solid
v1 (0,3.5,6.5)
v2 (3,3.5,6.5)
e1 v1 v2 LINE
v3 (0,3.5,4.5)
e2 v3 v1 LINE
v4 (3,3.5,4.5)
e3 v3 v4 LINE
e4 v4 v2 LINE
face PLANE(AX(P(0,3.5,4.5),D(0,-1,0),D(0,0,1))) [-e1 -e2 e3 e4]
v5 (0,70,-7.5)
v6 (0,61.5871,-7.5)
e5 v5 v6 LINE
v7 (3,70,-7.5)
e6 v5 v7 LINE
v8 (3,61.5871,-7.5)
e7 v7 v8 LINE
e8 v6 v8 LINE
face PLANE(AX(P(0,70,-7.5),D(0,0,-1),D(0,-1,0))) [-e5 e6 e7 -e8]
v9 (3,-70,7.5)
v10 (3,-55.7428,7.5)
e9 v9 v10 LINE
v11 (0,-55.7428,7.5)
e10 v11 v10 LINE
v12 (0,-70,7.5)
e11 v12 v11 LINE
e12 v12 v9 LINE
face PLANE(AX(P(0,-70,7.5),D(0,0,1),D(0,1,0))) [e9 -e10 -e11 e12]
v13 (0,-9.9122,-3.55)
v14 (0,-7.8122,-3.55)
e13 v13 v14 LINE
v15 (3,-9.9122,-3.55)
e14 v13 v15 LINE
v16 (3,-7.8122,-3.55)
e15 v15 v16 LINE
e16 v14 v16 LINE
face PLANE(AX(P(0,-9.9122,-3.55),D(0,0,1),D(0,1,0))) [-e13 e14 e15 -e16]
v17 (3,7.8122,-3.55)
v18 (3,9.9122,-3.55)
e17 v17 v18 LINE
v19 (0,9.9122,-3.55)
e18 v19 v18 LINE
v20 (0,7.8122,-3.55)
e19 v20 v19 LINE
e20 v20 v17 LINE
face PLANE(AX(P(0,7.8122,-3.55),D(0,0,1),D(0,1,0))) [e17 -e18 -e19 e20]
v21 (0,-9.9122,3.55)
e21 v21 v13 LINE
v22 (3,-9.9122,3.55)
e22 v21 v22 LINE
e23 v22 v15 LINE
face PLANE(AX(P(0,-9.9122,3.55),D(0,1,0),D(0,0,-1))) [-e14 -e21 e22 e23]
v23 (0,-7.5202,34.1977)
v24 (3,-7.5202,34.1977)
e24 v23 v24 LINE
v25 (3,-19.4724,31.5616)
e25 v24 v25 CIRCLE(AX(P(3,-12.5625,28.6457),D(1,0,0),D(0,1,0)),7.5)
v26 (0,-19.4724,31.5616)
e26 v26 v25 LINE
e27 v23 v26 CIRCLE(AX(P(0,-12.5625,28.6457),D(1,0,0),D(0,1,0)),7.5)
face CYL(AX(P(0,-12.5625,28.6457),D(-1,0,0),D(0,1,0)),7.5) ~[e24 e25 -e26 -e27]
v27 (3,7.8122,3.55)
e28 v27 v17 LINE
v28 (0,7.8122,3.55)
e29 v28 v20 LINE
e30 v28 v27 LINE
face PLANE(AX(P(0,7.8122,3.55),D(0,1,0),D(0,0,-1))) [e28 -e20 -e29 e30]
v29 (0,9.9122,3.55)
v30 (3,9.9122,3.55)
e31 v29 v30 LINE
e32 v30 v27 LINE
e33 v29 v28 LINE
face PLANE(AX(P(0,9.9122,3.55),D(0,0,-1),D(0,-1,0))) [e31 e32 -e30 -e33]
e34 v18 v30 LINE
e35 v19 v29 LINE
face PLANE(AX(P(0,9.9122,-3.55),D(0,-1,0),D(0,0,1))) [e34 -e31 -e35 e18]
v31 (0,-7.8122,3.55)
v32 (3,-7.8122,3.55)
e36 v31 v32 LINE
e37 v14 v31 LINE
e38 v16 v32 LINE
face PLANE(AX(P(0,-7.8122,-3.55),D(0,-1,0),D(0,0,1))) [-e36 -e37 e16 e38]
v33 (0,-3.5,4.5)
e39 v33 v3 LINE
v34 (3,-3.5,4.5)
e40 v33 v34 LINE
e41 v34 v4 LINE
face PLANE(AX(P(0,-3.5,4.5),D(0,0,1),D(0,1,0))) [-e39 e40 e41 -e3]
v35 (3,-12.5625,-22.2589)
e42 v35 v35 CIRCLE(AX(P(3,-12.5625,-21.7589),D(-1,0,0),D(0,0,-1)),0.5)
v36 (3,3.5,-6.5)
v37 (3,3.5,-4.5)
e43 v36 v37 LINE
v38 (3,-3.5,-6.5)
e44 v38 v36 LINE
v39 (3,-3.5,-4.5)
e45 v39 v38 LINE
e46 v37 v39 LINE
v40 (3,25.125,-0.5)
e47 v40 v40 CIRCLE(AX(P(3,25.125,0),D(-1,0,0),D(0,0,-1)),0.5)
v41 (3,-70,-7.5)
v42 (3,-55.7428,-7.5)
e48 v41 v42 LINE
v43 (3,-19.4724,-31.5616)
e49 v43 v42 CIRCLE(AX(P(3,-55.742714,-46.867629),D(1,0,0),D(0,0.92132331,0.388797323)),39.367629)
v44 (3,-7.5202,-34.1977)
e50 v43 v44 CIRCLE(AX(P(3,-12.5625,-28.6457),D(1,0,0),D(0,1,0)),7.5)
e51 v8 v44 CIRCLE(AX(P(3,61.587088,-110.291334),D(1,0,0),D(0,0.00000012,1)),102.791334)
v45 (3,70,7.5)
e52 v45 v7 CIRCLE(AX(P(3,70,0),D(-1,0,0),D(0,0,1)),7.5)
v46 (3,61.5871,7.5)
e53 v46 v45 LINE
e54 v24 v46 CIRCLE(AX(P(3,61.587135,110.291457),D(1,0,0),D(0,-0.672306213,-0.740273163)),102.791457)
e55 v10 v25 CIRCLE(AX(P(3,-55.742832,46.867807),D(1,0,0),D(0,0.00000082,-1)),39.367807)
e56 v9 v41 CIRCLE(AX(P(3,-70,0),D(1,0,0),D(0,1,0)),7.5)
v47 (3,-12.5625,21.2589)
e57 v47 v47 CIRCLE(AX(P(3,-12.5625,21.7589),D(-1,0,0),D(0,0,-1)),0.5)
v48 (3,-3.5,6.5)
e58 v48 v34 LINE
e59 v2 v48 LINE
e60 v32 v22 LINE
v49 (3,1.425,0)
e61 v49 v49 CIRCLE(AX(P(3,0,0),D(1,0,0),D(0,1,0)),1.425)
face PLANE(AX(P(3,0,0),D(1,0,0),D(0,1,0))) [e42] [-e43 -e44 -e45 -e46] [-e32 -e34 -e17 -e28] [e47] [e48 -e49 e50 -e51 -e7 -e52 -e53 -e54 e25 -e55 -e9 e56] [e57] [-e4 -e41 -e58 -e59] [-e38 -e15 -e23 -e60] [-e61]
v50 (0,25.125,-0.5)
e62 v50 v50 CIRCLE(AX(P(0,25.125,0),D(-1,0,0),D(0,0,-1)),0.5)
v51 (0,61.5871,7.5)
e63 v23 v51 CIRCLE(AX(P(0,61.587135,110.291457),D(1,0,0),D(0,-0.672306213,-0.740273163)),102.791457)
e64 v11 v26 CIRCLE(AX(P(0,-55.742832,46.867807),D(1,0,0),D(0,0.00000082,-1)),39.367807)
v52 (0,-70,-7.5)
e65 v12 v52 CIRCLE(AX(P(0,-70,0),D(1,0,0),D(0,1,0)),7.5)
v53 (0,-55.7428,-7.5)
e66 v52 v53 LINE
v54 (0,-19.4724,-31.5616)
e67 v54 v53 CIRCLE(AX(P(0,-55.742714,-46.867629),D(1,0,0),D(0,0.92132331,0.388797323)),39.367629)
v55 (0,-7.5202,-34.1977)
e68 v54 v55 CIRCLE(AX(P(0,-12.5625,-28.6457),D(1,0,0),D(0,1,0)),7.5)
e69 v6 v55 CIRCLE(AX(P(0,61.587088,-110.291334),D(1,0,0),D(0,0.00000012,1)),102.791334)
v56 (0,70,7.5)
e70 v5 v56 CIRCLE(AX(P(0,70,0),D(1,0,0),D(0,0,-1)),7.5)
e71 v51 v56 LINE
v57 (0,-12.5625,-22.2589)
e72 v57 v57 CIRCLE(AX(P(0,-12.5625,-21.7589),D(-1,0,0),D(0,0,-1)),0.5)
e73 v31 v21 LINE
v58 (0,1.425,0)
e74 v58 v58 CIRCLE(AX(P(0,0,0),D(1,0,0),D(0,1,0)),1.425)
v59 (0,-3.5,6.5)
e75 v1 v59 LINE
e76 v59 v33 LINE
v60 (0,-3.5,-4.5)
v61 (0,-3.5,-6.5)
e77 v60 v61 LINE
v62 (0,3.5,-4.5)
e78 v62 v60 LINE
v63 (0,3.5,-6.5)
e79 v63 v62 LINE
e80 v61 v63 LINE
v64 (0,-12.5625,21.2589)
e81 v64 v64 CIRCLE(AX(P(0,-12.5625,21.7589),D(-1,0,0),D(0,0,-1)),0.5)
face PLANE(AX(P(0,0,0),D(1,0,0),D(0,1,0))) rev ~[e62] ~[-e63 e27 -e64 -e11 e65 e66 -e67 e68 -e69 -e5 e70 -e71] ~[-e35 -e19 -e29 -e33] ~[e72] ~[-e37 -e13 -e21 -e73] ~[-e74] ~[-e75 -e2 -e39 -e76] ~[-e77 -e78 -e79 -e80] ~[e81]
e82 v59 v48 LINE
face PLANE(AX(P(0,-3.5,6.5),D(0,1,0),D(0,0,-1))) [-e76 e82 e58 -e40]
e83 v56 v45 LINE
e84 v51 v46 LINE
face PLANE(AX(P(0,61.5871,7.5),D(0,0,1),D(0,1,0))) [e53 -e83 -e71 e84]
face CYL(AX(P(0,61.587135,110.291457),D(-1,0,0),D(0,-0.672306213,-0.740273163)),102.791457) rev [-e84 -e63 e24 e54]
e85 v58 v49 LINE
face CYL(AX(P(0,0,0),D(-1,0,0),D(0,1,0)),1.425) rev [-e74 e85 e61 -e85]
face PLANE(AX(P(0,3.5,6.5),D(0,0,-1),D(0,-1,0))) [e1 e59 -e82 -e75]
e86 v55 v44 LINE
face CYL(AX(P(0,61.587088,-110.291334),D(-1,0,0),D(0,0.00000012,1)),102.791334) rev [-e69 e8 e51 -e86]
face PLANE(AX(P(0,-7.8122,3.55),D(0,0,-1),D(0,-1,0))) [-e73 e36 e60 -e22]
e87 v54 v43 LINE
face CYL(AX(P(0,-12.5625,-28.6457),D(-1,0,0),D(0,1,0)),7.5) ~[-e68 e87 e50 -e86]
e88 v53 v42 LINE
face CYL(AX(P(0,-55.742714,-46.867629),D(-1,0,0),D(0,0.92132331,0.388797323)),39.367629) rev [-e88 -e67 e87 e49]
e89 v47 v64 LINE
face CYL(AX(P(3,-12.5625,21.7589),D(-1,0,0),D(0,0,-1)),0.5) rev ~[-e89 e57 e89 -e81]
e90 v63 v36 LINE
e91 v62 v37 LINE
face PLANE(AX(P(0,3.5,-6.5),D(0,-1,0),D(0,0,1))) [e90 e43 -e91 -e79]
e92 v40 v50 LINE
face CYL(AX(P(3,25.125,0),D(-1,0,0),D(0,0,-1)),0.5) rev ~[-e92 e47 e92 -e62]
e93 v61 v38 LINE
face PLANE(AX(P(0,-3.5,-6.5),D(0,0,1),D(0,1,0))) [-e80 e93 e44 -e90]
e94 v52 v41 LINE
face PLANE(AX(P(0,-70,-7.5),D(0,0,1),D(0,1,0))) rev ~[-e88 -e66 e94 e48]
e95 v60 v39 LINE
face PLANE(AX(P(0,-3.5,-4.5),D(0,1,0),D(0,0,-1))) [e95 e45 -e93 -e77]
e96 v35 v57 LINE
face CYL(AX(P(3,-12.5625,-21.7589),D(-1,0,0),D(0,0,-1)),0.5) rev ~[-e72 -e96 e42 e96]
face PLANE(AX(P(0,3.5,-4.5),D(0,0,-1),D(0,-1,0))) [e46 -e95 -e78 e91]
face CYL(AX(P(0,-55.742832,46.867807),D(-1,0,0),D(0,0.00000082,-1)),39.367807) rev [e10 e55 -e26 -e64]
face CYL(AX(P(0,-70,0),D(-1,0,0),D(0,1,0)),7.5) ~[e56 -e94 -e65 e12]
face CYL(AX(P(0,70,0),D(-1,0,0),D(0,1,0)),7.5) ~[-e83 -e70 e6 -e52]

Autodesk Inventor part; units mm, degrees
ref_plane "YZ Plane" through (0, 0, 0) normal (1, 0, 0) x (0, 1, 0)
ref_plane "XZ Plane" through (0, 0, 0) normal (0, 1, 0) x (-1, 0, 0)
ref_plane "XY Plane" through (0, 0, 0) normal (0, 0, 1) x (1, 0, 0)
sketch "Sketch1" plane through (0, 0, 0) normal (1, 0, 0) x (0, 1, 0)
  line L0 (3.2283, 0) -> (0, 0) construction
  line L1 (0, 0) -> (0, 3.094) construction
  circle A0 centre (0, 0) radius 1.425
  circle A1 centre (70, 0) radius 7.5
  circle A2 centre (-12.5625, 28.6457) radius 7.5
  circle A3 centre (-12.5625, -28.6457) radius 7.5
  circle A4 centre (-70, 0) radius 7.5
  line L2 (70, 0) -> (-12.5625, 28.6457) construction
  line L3 (-12.5625, 28.6457) -> (-12.5625, -28.6457) construction
  line L4 (-12.5625, -28.6457) -> (70, 0) construction
  line L5 (-70, 7.5) -> (-20.0625, 7.5)
  line L6 (-20.0625, 7.5) -> (-20.0625, 28.6457)
  line L7 (-70, -7.5) -> (-20.0625, -7.5)
  line L8 (-20.0625, -7.5) -> (-20.0625, -28.6457)
  line L9 (-5.0625, 28.6457) -> (-5.0625, 7.5)
  line L10 (-5.0625, 7.5) -> (70, 7.5)
  line L11 (70, -7.5) -> (-5.0625, -7.5)
  line L12 (-5.0625, -7.5) -> (-5.0625, -28.6457)
  arc A5 (-7.5202, 34.1977) -> (61.5871, 7.5) centre (61.5871, 110.2914) ccw
  arc A6 (61.5871, -7.5) -> (-7.5202, -34.1977) centre (61.5871, -110.2914) ccw
  arc A7 (-55.7428, 7.5) -> (-19.4724, 31.5616) centre (-55.7428, 46.8677) ccw
  arc A8 (-19.4724, -31.5616) -> (-55.7428, -7.5) centre (-55.7428, -46.8677) ccw
  line L13 (9.9122, 3.55) -> (7.8122, 3.55)
  line L14 (7.8122, 3.55) -> (7.8122, -3.55)
  line L15 (7.8122, -3.55) -> (9.9122, -3.55)
  line L16 (9.9122, -3.55) -> (9.9122, 3.55)
  line L17 (3.5, 6.5) -> (-3.5, 6.5)
  line L18 (-3.5, 6.5) -> (-3.5, 4.5)
  line L19 (-3.5, 4.5) -> (3.5, 4.5)
  line L20 (3.5, 4.5) -> (3.5, 6.5)
  line L21 (-7.8122, 3.55) -> (-9.9122, 3.55)
  line L22 (-9.9122, 3.55) -> (-9.9122, -3.55)
  line L23 (-9.9122, -3.55) -> (-7.8122, -3.55)
  line L24 (-7.8122, -3.55) -> (-7.8122, 3.55)
  line L25 (-3.5, -6.5) -> (3.5, -6.5)
  line L26 (3.5, -6.5) -> (3.5, -4.5)
  line L27 (3.5, -4.5) -> (-3.5, -4.5)
  line L28 (-3.5, -4.5) -> (-3.5, -6.5)
  line L29 (0, 0) -> (-12.5625, -28.6457) construction
  line L30 (0, 0) -> (-12.5625, 21.7589) construction
  line L31 (0, 0) -> (25.125, 0) construction
  line L32 (25.125, 0) -> (-12.5625, 21.7589) construction
  dimension "d2" = 2.85
  dimension "d3" = 15
  dimension "d6" = 15
  dimension "d7" = 140
  dimension "d8" = 2
  dimension "d9" = 2.1
  dimension "d10" = 7
  dimension "d11" = 7.1
  dimension "d12" = 4.5
  dimension "d13" = 7.8122
  dimension "d22" = 25.125
  dimension "d38" = 25.125
  dimension "d39" = 60
extrude "Extrusion1" add sketch "Sketch1" along normal blind 3
sketch "Sketch2" plane through (3, 0, 0) normal (1, 0, 0) x (0, 0, -1)
  circle A0 centre (0, 25.125) radius 0.5
  circle A1 centre (-21.7589, -12.5625) radius 0.5
  circle A2 centre (21.7589, -12.5625) radius 0.5
  line L0 (0, 3.9474) -> (0, 0) construction
  line L1 (0, 0) -> (-3.1546, 0) construction
  line L2 (0, 0) -> (-21.7589, -12.5625) construction
  line L3 (0, 0) -> (21.7589, -12.5625) construction
  line L4 (0, 25.125) -> (-21.7589, -12.5625) construction
  line L5 (-21.7589, -12.5625) -> (21.7589, -12.5625) construction
  dimension "d24" = 25.125
  dimension "d26" = 1
  dimension "d27" = 1
  dimension "d28" = 1
  dimension "d29" = 25.125
  dimension "d37" = 60
hole "Hole1" at (3, 25.125, 0) at (3, -12.5625, 21.7589) at (3, -12.5625, -21.7589) direction (-1, 0, 0) diameter 1 end through all
properties part number "DryRoastedRib"
